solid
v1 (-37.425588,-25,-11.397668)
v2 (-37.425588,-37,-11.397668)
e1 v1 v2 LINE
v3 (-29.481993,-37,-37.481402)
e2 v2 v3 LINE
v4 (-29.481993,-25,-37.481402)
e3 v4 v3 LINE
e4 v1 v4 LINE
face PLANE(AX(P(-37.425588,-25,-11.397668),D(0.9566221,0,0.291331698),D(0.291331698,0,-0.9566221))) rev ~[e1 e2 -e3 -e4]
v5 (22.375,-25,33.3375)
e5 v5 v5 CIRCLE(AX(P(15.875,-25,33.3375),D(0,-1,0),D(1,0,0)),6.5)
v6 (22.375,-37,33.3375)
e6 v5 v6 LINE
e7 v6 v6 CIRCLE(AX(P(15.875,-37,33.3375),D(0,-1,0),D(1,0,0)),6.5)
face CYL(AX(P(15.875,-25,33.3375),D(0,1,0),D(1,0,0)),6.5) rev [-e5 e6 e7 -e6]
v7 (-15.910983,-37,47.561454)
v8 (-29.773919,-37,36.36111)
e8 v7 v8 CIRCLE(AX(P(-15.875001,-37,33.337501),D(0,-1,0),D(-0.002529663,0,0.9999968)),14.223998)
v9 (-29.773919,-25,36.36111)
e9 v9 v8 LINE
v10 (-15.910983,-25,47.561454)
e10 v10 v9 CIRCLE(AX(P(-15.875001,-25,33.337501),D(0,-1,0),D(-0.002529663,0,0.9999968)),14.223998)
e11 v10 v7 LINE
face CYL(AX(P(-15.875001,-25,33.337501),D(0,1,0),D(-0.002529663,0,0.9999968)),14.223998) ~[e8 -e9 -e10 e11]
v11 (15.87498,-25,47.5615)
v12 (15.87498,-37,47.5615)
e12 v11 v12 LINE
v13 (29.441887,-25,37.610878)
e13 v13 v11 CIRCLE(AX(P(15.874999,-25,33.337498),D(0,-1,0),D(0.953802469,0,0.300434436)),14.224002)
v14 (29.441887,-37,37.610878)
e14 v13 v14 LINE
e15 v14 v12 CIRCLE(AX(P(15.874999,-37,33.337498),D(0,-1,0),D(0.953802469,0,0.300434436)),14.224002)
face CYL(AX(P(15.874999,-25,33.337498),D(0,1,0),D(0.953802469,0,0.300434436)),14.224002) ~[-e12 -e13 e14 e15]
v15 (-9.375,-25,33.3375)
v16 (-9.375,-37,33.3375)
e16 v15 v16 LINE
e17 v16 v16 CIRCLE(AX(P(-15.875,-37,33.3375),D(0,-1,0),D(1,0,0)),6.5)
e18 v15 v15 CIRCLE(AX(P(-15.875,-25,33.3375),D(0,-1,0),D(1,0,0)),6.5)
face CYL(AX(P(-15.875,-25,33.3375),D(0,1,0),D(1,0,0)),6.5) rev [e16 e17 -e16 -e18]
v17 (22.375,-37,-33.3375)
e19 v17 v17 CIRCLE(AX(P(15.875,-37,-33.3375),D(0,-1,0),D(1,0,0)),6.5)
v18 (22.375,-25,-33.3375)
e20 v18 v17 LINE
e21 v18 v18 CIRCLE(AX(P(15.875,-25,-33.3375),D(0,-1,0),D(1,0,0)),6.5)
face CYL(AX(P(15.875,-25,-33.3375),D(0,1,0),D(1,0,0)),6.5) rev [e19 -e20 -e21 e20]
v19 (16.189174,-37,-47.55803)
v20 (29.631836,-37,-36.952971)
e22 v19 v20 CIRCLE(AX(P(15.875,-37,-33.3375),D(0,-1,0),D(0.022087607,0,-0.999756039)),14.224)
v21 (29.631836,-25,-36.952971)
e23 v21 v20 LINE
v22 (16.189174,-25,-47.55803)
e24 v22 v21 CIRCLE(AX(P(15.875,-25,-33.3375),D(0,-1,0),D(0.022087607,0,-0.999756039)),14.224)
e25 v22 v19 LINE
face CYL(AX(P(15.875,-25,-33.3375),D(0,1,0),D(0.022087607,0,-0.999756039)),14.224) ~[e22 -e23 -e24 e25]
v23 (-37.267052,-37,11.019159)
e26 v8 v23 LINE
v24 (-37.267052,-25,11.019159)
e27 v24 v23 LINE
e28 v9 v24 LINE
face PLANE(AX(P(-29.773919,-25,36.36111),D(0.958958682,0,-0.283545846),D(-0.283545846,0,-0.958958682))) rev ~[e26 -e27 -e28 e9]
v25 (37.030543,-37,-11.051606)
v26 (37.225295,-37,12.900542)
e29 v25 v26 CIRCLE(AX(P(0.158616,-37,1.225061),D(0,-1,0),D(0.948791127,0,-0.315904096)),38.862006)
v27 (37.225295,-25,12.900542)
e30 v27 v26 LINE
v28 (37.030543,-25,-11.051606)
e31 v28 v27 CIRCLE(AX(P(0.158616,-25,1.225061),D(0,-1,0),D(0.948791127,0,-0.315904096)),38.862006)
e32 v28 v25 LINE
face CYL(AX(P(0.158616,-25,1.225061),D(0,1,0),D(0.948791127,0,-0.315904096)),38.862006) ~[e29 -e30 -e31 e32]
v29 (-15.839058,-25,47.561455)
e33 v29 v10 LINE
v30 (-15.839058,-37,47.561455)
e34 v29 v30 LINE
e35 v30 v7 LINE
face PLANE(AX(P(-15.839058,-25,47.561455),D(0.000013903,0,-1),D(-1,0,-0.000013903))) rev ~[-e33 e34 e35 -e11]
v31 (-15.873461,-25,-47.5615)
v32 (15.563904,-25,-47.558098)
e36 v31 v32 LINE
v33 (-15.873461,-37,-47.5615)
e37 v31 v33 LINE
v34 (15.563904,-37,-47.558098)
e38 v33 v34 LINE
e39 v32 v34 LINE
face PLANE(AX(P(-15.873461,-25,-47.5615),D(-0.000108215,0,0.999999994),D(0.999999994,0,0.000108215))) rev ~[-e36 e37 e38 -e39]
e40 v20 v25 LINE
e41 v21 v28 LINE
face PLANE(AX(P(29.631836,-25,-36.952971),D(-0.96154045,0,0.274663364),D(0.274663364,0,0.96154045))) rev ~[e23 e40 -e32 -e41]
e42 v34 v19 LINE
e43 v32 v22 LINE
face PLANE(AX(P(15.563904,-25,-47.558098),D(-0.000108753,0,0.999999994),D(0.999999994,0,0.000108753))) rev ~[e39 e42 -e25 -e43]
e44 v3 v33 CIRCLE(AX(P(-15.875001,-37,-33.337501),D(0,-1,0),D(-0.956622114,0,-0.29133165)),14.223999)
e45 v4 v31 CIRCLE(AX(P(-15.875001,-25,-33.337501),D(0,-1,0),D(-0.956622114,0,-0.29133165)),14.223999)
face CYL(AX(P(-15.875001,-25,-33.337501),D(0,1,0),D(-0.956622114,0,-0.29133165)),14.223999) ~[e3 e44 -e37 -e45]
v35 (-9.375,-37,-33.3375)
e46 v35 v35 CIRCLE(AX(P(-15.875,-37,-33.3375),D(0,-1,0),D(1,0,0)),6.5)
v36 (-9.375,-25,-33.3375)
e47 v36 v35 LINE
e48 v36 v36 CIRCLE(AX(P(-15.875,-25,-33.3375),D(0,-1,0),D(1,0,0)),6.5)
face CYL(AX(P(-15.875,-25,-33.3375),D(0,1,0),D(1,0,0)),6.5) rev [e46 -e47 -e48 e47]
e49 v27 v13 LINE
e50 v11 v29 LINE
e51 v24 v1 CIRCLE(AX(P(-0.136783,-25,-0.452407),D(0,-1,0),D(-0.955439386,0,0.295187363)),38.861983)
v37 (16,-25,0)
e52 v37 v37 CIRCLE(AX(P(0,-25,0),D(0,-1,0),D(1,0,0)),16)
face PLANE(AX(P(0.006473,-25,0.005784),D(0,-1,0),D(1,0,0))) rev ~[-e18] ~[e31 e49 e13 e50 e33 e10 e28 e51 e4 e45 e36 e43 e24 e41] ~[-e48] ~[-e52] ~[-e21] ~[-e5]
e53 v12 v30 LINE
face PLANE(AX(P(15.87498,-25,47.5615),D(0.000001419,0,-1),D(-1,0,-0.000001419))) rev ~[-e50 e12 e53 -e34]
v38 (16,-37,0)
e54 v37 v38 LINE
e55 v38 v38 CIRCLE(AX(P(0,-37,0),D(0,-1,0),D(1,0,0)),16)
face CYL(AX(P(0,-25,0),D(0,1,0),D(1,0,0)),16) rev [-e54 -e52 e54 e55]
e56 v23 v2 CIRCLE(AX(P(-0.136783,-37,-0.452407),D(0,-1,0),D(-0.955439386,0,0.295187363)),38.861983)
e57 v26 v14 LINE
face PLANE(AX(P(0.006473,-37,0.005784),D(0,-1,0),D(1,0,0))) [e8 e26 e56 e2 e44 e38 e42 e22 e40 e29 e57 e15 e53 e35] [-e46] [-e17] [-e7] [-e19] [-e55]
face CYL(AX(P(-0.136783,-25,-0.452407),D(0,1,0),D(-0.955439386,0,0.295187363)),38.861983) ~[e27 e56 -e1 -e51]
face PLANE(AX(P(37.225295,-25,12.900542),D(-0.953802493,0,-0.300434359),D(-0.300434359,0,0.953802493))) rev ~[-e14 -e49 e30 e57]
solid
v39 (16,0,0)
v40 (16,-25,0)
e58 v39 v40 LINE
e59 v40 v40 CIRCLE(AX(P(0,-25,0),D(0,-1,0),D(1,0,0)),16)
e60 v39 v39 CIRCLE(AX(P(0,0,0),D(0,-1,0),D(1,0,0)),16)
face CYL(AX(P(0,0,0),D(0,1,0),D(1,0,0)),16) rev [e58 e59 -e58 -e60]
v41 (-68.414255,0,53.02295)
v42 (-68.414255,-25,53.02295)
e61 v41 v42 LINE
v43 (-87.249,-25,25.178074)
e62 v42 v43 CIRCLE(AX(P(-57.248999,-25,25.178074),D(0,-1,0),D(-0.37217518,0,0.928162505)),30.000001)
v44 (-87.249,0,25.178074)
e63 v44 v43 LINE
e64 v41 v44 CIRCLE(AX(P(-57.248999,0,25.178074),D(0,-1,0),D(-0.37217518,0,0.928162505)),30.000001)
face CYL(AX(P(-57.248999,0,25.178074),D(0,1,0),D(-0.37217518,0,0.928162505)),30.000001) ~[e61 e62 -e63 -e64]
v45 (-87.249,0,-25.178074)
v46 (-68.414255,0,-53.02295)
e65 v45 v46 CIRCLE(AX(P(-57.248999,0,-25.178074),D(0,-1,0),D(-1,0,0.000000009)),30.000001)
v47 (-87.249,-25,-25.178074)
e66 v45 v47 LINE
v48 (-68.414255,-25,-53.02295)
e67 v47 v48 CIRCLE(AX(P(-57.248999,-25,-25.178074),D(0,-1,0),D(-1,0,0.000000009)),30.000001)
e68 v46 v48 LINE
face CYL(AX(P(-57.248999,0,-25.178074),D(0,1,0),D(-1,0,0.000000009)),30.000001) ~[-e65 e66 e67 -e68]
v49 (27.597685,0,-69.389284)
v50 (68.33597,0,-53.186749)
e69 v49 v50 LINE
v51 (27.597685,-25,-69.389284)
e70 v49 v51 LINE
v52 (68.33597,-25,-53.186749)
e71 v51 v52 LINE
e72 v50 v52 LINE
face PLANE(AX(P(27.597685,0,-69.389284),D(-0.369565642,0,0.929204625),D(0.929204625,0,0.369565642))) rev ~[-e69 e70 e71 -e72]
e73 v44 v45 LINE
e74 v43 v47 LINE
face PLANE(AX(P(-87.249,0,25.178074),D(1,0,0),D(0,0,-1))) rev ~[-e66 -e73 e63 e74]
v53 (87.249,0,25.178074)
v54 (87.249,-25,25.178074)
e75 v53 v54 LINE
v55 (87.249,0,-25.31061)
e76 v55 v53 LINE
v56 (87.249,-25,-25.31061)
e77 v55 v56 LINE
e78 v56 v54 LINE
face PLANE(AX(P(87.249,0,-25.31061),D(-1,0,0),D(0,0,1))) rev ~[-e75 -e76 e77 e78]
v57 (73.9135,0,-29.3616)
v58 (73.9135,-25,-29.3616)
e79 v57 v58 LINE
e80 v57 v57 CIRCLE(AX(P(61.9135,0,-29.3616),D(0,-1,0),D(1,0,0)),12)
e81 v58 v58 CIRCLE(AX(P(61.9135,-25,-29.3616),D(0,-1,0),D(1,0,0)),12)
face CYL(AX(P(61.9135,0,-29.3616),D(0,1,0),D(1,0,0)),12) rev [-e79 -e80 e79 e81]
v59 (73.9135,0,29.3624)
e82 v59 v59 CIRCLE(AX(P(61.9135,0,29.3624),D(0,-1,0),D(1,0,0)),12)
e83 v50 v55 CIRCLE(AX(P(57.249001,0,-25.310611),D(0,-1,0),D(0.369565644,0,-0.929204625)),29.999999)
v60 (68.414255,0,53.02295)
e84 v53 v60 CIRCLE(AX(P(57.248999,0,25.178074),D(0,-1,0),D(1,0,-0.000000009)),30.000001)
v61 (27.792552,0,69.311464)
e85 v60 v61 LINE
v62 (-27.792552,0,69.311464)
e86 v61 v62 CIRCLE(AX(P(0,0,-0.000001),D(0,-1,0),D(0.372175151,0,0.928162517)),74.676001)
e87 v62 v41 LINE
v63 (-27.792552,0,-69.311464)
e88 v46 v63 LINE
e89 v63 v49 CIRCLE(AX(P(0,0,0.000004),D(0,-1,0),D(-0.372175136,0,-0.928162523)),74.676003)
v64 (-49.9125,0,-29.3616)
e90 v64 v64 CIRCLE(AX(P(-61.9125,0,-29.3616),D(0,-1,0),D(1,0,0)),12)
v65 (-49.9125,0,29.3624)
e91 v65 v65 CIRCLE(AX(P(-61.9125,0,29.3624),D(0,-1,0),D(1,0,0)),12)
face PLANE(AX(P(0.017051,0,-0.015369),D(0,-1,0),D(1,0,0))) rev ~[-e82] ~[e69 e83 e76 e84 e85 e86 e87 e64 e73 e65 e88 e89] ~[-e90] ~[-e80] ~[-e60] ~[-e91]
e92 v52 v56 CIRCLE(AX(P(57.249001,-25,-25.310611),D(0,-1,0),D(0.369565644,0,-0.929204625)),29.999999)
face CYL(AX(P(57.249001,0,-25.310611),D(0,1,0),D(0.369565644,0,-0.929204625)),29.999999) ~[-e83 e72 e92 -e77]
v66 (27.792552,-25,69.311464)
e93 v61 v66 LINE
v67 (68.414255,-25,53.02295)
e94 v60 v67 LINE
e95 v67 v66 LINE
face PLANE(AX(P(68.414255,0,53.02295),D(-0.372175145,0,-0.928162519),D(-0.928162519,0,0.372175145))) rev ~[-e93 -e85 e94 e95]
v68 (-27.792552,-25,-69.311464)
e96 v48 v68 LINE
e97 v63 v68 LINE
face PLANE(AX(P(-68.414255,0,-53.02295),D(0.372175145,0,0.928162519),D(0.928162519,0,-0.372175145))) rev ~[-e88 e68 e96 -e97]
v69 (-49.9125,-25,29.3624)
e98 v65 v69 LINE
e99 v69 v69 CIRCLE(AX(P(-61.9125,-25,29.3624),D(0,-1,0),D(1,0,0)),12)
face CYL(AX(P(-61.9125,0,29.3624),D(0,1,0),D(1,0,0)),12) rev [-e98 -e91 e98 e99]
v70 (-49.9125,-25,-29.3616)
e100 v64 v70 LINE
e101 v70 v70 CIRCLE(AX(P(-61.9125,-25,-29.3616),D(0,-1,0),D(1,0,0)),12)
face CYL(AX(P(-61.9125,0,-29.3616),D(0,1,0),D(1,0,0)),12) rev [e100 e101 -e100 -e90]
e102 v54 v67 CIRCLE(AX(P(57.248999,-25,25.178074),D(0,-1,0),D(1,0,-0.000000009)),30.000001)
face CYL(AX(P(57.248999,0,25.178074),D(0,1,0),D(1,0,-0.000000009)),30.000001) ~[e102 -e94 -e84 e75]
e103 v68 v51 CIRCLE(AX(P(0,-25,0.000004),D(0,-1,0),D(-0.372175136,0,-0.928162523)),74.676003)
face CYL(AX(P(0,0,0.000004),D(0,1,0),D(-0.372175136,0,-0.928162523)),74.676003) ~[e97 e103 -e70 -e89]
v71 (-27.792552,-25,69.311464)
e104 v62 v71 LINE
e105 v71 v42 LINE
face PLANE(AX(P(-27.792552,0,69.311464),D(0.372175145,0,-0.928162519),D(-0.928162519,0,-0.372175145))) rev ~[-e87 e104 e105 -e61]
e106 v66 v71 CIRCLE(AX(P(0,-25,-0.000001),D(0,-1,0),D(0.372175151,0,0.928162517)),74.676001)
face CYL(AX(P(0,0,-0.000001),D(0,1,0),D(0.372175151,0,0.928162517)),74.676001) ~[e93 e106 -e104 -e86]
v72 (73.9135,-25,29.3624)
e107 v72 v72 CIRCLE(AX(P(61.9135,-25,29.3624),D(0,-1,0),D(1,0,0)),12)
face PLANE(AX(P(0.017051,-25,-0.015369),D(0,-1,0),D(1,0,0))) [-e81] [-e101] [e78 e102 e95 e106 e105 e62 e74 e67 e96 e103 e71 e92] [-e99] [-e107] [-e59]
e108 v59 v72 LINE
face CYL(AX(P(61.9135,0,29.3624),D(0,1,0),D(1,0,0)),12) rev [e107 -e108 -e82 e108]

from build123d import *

# Parameters (mm, degrees)
F0_R     = 12
F0_R_2   = 16
F1_DEPTH = 25
F2_R     = 6.5
F2_R_2   = 16
F3_DEPTH = 12


with BuildPart() as f1:
    # F0 (on Front) → F1 (new body)
    with BuildSketch(Plane.XZ):
        with BuildLine():
            Line((-87.249, 25.178074), (-87.249, -25.178074))
            ThreePointArc((-87.249, -25.178074), (-82.098121, -41.986441), (-68.414255, -53.02295))
            Line((-68.414255, -53.02295), (-27.792552, -69.311464))
            ThreePointArc((-27.792552, -69.311464), (-0.104916, -74.675926), (27.597685, -69.389284))
            Line((27.597685, -69.389284), (68.33597, -53.186749))
            ThreePointArc((68.33597, -53.186749), (82.074482, -42.153872), (87.249, -25.31061))
            Line((87.249, -25.31061), (87.249, 25.178074))
            ThreePointArc((87.249, 25.178074), (82.098121, 41.986441), (68.414255, 53.02295))
            Line((68.414255, 53.02295), (27.792552, 69.311464))
            ThreePointArc((27.792552, 69.311464), (0, 74.676), (-27.792552, 69.311464))
            Line((-27.792552, 69.311464), (-68.414255, 53.02295))
            ThreePointArc((-68.414255, 53.02295), (-82.098121, 41.986441), (-87.249, 25.178074))
        make_face()
        with Locations((-61.9125, -29.3616)):
            Circle(F0_R, mode=Mode.SUBTRACT)
        with Locations((61.9135, -29.3616)):
            Circle(F0_R, mode=Mode.SUBTRACT)
        with Locations((-61.9125, 29.3624)):
            Circle(F0_R, mode=Mode.SUBTRACT)
        Circle(F0_R_2, mode=Mode.SUBTRACT)
        with Locations((61.9135, 29.3624)):
            Circle(F0_R, mode=Mode.SUBTRACT)
    extrude(amount=F1_DEPTH)


with BuildPart() as f3:
    # F2 (on face) → F3 (new body)
    with BuildSketch(Plane.XZ.offset(25)):
        with BuildLine():
            Line((-37.425588, -11.397668), (-29.481993, -37.481402))
            ThreePointArc((-29.481993, -37.481402), (-24.341356, -44.767417), (-15.873461, -47.5615))
            Line((-15.873461, -47.5615), (15.563904, -47.558098))
            Line((15.563904, -47.558098), (16.189174, -47.55803))
            ThreePointArc((16.189174, -47.55803), (24.684946, -44.50473), (29.631836, -36.952971))
            Line((29.631836, -36.952971), (37.030543, -11.051606))
            ThreePointArc((37.030543, -11.051606), (39.019338, 0.909089), (37.225295, 12.900542))
            Line((37.225295, 12.900542), (29.441887, 37.610878))
            ThreePointArc((29.441887, 37.610878), (24.287412, 44.807177), (15.87498, 47.5615))
            Line((15.87498, 47.5615), (-15.839058, 47.561455))
            Line((-15.839058, 47.561455), (-15.910983, 47.561454))
            ThreePointArc((-15.910983, 47.561454), (-24.814089, 44.401625), (-29.773919, 36.36111))
            Line((-29.773919, 36.36111), (-37.267052, 11.019159))
            ThreePointArc((-37.267052, 11.019159), (-38.997794, -0.177575), (-37.425588, -11.397668))
        make_face()
        with Locations((-15.875, -33.3375)):
            Circle(F2_R, mode=Mode.SUBTRACT)
        with Locations((15.875, -33.3375)):
            Circle(F2_R, mode=Mode.SUBTRACT)
        with Locations((-15.875, 33.3375)):
            Circle(F2_R, mode=Mode.SUBTRACT)
        Circle(F2_R_2, mode=Mode.SUBTRACT)
        with Locations((15.875, 33.3375)):
            Circle(F2_R, mode=Mode.SUBTRACT)
    extrude(amount=F3_DEPTH)


solid = Compound([f1.part, f3.part])
